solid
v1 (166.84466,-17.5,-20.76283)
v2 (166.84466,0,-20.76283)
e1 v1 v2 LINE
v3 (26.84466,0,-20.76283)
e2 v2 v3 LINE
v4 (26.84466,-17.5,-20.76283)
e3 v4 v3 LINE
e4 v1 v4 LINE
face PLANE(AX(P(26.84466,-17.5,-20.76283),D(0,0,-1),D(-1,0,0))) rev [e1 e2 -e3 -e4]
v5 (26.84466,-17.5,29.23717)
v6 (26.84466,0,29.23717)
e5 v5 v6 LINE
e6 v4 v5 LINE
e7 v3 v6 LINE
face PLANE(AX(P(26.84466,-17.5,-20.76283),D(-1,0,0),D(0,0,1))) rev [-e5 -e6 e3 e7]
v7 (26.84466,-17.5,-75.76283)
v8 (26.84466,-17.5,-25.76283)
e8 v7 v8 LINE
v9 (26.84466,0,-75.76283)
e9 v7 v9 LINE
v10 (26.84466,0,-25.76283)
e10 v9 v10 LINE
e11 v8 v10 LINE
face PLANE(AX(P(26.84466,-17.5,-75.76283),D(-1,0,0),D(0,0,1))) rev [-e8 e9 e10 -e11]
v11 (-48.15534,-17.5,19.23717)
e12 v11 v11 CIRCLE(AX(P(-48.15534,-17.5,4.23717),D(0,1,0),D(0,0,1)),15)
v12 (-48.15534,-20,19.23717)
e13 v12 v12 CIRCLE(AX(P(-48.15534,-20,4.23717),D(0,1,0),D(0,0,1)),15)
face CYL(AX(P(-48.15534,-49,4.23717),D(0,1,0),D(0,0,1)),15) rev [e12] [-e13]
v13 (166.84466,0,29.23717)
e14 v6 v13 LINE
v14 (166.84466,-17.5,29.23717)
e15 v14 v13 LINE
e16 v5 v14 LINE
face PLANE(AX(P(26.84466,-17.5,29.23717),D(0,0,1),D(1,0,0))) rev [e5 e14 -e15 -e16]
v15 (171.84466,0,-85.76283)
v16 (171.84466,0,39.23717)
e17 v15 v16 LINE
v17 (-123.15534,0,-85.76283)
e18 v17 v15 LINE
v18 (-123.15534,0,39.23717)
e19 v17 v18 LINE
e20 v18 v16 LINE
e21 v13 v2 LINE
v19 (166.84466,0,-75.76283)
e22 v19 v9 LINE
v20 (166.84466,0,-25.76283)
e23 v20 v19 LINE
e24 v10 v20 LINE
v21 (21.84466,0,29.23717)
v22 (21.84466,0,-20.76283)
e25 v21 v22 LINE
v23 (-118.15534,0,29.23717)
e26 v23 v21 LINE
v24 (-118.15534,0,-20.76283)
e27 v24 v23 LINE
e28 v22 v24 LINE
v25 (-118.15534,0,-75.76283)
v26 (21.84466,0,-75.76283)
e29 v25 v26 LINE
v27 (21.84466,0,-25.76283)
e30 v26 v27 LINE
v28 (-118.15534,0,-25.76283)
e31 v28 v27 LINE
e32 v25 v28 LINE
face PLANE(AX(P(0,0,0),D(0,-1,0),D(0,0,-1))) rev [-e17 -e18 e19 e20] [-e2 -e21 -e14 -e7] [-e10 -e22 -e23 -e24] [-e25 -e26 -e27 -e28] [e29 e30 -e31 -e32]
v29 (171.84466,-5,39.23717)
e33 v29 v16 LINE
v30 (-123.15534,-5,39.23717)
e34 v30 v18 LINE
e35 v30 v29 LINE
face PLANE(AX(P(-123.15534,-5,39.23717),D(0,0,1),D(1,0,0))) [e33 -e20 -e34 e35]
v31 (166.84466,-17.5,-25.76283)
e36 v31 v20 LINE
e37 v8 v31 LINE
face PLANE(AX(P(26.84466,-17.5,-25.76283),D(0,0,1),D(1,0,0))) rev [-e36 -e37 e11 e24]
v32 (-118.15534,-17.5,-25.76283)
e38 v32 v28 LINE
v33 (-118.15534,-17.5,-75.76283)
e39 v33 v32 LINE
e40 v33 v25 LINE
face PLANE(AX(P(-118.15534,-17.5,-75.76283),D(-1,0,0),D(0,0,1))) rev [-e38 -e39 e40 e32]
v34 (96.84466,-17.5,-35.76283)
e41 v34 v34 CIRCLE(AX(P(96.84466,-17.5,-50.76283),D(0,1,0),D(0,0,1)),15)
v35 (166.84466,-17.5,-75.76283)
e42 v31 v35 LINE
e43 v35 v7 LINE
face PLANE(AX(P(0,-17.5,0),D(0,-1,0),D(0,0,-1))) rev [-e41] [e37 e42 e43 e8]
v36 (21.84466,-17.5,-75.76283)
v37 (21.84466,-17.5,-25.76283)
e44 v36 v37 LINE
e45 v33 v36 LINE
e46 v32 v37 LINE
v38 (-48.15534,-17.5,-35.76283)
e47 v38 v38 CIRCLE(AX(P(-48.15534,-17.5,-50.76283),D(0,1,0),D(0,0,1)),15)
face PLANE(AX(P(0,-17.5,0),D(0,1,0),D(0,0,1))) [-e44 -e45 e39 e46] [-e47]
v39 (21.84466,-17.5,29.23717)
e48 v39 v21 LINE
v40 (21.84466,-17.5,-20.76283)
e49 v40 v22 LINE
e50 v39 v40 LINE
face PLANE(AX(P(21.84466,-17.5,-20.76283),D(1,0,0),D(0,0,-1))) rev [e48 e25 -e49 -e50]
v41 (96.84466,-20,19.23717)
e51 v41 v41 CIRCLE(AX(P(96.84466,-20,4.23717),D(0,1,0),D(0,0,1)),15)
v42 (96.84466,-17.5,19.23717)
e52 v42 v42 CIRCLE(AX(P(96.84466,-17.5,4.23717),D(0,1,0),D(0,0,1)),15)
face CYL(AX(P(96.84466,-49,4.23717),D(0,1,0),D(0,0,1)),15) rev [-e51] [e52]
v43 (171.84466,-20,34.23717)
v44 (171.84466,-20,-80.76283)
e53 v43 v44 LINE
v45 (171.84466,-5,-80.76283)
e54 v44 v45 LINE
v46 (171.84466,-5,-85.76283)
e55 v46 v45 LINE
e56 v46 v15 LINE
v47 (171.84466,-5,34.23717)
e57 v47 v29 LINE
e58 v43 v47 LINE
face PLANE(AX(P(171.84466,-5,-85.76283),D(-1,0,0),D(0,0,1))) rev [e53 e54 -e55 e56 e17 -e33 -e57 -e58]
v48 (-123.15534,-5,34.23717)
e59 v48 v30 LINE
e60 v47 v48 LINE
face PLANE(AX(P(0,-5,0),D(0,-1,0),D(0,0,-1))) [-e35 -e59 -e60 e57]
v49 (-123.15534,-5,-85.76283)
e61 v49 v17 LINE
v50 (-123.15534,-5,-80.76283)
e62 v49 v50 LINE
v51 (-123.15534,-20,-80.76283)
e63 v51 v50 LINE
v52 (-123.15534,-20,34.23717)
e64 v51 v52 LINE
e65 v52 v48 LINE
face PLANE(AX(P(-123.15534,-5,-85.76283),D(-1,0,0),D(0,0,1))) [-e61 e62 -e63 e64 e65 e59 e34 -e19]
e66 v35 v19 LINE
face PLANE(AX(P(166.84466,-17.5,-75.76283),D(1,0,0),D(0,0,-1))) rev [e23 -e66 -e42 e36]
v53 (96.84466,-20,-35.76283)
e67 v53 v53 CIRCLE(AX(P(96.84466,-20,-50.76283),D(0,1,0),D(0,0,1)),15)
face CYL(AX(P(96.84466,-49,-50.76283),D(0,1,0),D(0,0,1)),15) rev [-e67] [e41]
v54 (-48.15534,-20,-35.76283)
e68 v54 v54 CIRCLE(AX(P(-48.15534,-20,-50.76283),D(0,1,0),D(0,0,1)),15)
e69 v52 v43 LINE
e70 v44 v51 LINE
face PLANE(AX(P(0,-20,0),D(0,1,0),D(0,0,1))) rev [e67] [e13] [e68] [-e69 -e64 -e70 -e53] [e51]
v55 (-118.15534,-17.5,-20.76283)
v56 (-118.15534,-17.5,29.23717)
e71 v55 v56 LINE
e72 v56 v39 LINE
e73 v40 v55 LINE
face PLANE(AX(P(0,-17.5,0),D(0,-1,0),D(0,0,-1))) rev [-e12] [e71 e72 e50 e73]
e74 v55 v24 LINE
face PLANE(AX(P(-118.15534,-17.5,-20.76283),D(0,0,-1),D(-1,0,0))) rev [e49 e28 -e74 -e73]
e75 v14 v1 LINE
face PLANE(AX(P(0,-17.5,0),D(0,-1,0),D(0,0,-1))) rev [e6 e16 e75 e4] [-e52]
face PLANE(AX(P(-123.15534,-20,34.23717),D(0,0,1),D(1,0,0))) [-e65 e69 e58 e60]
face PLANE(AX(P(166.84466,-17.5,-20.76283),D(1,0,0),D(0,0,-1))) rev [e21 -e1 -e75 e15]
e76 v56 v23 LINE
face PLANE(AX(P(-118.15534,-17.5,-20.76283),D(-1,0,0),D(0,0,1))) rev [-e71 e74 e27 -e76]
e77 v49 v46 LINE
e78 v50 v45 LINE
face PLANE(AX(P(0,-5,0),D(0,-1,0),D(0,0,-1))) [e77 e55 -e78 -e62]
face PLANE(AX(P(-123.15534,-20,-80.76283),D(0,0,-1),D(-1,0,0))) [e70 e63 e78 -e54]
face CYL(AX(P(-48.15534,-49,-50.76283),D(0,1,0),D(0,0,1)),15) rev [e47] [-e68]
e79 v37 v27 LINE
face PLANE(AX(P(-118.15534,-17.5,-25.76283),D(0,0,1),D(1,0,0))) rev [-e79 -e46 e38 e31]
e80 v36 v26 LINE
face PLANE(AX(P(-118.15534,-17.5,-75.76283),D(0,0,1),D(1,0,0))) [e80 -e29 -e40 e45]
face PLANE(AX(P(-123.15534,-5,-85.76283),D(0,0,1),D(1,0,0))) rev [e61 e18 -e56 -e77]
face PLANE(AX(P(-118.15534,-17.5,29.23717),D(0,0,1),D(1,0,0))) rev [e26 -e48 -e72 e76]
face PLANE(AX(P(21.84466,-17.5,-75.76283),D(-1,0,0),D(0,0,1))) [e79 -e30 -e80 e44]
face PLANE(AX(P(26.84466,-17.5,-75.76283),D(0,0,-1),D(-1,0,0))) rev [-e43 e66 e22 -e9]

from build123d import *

# Parameters (mm, degrees)
SKETCH1_W           = 295
SKETCH1_H           = 125
BOSS_EXTRUDE3_DEPTH = 5
SKETCH2_W           = 295
SKETCH2_H           = 115
BOSS_EXTRUDE4_DEPTH = 20
SKETCH4_W           = 140
SKETCH4_H           = 50
CUT_EXTRUDE1_DEPTH  = 17.5
SKETCH4_3_W         = 140
SKETCH4_3_H         = 50
CUT_EXTRUDE2_DEPTH  = 17.5
SKETCH7_R           = 15
CUT_EXTRUDE3_DEPTH  = 31.5


with BuildPart() as part:
    # Sketch1 → Boss-Extrude3 (new body)
    with BuildSketch(Plane(origin=(0, 0, 0), x_dir=(1, 0, 0), z_dir=(0, 1, 0))):
        with Locations((24.344660194, 23.262829884)):
            Rectangle(SKETCH1_W, SKETCH1_H)
    extrude(amount=-BOSS_EXTRUDE3_DEPTH)

    # Sketch2 → Boss-Extrude4 (add)
    with BuildSketch(Plane(origin=(0, 0, 0), x_dir=(1, 0, 0), z_dir=(0, 1, 0))):
        with Locations((24.344660194, 23.262829884)):
            Rectangle(SKETCH2_W, SKETCH2_H)
    extrude(amount=-BOSS_EXTRUDE4_DEPTH)

    # Sketch4 → Cut-Extrude1 (cut)
    with BuildSketch(Plane(origin=(0, 0, 0), x_dir=(1, 0, 0), z_dir=(0, 1, 0))):
        with Locations((-48.155339806, 50.762829884)):
            Rectangle(SKETCH4_W, SKETCH4_H)
    extrude(amount=-CUT_EXTRUDE1_DEPTH, mode=Mode.SUBTRACT)

    # Sketch4<3> → Cut-Extrude2 (cut)
    with BuildSketch(Plane(origin=(0, 0, 0), x_dir=(1, 0, 0), z_dir=(0, 1, 0))):
        with Locations((-48.155339806, 50.762829884)):
            Rectangle(SKETCH4_3_W, SKETCH4_3_H)
        with Locations((96.844660194, 50.762829884)):
            Rectangle(SKETCH4_3_W, SKETCH4_3_H)
        with Locations((96.844660194, -4.237170116)):
            Rectangle(SKETCH4_3_W, SKETCH4_3_H)
        with Locations((-48.155339806, -4.237170116)):
            Rectangle(SKETCH4_3_W, SKETCH4_3_H)
    extrude(amount=-CUT_EXTRUDE2_DEPTH, mode=Mode.SUBTRACT)

    # Sketch7 → Cut-Extrude3 (cut)
    with BuildSketch(Plane(origin=(0, -17.5, 0), x_dir=(1, 0, 0), z_dir=(0, 1, 0))):
        with Locations((-48.155339806, -4.237170116)):
            Circle(SKETCH7_R)
        with Locations((96.844660194, -4.237170116)):
            Circle(SKETCH7_R)
        with Locations((96.844660194, 50.762829884)):
            Circle(SKETCH7_R)
        with Locations((-48.155339806, 50.762829884)):
            Circle(SKETCH7_R)
    extrude(amount=-CUT_EXTRUDE3_DEPTH, mode=Mode.SUBTRACT)


solid = part.part
